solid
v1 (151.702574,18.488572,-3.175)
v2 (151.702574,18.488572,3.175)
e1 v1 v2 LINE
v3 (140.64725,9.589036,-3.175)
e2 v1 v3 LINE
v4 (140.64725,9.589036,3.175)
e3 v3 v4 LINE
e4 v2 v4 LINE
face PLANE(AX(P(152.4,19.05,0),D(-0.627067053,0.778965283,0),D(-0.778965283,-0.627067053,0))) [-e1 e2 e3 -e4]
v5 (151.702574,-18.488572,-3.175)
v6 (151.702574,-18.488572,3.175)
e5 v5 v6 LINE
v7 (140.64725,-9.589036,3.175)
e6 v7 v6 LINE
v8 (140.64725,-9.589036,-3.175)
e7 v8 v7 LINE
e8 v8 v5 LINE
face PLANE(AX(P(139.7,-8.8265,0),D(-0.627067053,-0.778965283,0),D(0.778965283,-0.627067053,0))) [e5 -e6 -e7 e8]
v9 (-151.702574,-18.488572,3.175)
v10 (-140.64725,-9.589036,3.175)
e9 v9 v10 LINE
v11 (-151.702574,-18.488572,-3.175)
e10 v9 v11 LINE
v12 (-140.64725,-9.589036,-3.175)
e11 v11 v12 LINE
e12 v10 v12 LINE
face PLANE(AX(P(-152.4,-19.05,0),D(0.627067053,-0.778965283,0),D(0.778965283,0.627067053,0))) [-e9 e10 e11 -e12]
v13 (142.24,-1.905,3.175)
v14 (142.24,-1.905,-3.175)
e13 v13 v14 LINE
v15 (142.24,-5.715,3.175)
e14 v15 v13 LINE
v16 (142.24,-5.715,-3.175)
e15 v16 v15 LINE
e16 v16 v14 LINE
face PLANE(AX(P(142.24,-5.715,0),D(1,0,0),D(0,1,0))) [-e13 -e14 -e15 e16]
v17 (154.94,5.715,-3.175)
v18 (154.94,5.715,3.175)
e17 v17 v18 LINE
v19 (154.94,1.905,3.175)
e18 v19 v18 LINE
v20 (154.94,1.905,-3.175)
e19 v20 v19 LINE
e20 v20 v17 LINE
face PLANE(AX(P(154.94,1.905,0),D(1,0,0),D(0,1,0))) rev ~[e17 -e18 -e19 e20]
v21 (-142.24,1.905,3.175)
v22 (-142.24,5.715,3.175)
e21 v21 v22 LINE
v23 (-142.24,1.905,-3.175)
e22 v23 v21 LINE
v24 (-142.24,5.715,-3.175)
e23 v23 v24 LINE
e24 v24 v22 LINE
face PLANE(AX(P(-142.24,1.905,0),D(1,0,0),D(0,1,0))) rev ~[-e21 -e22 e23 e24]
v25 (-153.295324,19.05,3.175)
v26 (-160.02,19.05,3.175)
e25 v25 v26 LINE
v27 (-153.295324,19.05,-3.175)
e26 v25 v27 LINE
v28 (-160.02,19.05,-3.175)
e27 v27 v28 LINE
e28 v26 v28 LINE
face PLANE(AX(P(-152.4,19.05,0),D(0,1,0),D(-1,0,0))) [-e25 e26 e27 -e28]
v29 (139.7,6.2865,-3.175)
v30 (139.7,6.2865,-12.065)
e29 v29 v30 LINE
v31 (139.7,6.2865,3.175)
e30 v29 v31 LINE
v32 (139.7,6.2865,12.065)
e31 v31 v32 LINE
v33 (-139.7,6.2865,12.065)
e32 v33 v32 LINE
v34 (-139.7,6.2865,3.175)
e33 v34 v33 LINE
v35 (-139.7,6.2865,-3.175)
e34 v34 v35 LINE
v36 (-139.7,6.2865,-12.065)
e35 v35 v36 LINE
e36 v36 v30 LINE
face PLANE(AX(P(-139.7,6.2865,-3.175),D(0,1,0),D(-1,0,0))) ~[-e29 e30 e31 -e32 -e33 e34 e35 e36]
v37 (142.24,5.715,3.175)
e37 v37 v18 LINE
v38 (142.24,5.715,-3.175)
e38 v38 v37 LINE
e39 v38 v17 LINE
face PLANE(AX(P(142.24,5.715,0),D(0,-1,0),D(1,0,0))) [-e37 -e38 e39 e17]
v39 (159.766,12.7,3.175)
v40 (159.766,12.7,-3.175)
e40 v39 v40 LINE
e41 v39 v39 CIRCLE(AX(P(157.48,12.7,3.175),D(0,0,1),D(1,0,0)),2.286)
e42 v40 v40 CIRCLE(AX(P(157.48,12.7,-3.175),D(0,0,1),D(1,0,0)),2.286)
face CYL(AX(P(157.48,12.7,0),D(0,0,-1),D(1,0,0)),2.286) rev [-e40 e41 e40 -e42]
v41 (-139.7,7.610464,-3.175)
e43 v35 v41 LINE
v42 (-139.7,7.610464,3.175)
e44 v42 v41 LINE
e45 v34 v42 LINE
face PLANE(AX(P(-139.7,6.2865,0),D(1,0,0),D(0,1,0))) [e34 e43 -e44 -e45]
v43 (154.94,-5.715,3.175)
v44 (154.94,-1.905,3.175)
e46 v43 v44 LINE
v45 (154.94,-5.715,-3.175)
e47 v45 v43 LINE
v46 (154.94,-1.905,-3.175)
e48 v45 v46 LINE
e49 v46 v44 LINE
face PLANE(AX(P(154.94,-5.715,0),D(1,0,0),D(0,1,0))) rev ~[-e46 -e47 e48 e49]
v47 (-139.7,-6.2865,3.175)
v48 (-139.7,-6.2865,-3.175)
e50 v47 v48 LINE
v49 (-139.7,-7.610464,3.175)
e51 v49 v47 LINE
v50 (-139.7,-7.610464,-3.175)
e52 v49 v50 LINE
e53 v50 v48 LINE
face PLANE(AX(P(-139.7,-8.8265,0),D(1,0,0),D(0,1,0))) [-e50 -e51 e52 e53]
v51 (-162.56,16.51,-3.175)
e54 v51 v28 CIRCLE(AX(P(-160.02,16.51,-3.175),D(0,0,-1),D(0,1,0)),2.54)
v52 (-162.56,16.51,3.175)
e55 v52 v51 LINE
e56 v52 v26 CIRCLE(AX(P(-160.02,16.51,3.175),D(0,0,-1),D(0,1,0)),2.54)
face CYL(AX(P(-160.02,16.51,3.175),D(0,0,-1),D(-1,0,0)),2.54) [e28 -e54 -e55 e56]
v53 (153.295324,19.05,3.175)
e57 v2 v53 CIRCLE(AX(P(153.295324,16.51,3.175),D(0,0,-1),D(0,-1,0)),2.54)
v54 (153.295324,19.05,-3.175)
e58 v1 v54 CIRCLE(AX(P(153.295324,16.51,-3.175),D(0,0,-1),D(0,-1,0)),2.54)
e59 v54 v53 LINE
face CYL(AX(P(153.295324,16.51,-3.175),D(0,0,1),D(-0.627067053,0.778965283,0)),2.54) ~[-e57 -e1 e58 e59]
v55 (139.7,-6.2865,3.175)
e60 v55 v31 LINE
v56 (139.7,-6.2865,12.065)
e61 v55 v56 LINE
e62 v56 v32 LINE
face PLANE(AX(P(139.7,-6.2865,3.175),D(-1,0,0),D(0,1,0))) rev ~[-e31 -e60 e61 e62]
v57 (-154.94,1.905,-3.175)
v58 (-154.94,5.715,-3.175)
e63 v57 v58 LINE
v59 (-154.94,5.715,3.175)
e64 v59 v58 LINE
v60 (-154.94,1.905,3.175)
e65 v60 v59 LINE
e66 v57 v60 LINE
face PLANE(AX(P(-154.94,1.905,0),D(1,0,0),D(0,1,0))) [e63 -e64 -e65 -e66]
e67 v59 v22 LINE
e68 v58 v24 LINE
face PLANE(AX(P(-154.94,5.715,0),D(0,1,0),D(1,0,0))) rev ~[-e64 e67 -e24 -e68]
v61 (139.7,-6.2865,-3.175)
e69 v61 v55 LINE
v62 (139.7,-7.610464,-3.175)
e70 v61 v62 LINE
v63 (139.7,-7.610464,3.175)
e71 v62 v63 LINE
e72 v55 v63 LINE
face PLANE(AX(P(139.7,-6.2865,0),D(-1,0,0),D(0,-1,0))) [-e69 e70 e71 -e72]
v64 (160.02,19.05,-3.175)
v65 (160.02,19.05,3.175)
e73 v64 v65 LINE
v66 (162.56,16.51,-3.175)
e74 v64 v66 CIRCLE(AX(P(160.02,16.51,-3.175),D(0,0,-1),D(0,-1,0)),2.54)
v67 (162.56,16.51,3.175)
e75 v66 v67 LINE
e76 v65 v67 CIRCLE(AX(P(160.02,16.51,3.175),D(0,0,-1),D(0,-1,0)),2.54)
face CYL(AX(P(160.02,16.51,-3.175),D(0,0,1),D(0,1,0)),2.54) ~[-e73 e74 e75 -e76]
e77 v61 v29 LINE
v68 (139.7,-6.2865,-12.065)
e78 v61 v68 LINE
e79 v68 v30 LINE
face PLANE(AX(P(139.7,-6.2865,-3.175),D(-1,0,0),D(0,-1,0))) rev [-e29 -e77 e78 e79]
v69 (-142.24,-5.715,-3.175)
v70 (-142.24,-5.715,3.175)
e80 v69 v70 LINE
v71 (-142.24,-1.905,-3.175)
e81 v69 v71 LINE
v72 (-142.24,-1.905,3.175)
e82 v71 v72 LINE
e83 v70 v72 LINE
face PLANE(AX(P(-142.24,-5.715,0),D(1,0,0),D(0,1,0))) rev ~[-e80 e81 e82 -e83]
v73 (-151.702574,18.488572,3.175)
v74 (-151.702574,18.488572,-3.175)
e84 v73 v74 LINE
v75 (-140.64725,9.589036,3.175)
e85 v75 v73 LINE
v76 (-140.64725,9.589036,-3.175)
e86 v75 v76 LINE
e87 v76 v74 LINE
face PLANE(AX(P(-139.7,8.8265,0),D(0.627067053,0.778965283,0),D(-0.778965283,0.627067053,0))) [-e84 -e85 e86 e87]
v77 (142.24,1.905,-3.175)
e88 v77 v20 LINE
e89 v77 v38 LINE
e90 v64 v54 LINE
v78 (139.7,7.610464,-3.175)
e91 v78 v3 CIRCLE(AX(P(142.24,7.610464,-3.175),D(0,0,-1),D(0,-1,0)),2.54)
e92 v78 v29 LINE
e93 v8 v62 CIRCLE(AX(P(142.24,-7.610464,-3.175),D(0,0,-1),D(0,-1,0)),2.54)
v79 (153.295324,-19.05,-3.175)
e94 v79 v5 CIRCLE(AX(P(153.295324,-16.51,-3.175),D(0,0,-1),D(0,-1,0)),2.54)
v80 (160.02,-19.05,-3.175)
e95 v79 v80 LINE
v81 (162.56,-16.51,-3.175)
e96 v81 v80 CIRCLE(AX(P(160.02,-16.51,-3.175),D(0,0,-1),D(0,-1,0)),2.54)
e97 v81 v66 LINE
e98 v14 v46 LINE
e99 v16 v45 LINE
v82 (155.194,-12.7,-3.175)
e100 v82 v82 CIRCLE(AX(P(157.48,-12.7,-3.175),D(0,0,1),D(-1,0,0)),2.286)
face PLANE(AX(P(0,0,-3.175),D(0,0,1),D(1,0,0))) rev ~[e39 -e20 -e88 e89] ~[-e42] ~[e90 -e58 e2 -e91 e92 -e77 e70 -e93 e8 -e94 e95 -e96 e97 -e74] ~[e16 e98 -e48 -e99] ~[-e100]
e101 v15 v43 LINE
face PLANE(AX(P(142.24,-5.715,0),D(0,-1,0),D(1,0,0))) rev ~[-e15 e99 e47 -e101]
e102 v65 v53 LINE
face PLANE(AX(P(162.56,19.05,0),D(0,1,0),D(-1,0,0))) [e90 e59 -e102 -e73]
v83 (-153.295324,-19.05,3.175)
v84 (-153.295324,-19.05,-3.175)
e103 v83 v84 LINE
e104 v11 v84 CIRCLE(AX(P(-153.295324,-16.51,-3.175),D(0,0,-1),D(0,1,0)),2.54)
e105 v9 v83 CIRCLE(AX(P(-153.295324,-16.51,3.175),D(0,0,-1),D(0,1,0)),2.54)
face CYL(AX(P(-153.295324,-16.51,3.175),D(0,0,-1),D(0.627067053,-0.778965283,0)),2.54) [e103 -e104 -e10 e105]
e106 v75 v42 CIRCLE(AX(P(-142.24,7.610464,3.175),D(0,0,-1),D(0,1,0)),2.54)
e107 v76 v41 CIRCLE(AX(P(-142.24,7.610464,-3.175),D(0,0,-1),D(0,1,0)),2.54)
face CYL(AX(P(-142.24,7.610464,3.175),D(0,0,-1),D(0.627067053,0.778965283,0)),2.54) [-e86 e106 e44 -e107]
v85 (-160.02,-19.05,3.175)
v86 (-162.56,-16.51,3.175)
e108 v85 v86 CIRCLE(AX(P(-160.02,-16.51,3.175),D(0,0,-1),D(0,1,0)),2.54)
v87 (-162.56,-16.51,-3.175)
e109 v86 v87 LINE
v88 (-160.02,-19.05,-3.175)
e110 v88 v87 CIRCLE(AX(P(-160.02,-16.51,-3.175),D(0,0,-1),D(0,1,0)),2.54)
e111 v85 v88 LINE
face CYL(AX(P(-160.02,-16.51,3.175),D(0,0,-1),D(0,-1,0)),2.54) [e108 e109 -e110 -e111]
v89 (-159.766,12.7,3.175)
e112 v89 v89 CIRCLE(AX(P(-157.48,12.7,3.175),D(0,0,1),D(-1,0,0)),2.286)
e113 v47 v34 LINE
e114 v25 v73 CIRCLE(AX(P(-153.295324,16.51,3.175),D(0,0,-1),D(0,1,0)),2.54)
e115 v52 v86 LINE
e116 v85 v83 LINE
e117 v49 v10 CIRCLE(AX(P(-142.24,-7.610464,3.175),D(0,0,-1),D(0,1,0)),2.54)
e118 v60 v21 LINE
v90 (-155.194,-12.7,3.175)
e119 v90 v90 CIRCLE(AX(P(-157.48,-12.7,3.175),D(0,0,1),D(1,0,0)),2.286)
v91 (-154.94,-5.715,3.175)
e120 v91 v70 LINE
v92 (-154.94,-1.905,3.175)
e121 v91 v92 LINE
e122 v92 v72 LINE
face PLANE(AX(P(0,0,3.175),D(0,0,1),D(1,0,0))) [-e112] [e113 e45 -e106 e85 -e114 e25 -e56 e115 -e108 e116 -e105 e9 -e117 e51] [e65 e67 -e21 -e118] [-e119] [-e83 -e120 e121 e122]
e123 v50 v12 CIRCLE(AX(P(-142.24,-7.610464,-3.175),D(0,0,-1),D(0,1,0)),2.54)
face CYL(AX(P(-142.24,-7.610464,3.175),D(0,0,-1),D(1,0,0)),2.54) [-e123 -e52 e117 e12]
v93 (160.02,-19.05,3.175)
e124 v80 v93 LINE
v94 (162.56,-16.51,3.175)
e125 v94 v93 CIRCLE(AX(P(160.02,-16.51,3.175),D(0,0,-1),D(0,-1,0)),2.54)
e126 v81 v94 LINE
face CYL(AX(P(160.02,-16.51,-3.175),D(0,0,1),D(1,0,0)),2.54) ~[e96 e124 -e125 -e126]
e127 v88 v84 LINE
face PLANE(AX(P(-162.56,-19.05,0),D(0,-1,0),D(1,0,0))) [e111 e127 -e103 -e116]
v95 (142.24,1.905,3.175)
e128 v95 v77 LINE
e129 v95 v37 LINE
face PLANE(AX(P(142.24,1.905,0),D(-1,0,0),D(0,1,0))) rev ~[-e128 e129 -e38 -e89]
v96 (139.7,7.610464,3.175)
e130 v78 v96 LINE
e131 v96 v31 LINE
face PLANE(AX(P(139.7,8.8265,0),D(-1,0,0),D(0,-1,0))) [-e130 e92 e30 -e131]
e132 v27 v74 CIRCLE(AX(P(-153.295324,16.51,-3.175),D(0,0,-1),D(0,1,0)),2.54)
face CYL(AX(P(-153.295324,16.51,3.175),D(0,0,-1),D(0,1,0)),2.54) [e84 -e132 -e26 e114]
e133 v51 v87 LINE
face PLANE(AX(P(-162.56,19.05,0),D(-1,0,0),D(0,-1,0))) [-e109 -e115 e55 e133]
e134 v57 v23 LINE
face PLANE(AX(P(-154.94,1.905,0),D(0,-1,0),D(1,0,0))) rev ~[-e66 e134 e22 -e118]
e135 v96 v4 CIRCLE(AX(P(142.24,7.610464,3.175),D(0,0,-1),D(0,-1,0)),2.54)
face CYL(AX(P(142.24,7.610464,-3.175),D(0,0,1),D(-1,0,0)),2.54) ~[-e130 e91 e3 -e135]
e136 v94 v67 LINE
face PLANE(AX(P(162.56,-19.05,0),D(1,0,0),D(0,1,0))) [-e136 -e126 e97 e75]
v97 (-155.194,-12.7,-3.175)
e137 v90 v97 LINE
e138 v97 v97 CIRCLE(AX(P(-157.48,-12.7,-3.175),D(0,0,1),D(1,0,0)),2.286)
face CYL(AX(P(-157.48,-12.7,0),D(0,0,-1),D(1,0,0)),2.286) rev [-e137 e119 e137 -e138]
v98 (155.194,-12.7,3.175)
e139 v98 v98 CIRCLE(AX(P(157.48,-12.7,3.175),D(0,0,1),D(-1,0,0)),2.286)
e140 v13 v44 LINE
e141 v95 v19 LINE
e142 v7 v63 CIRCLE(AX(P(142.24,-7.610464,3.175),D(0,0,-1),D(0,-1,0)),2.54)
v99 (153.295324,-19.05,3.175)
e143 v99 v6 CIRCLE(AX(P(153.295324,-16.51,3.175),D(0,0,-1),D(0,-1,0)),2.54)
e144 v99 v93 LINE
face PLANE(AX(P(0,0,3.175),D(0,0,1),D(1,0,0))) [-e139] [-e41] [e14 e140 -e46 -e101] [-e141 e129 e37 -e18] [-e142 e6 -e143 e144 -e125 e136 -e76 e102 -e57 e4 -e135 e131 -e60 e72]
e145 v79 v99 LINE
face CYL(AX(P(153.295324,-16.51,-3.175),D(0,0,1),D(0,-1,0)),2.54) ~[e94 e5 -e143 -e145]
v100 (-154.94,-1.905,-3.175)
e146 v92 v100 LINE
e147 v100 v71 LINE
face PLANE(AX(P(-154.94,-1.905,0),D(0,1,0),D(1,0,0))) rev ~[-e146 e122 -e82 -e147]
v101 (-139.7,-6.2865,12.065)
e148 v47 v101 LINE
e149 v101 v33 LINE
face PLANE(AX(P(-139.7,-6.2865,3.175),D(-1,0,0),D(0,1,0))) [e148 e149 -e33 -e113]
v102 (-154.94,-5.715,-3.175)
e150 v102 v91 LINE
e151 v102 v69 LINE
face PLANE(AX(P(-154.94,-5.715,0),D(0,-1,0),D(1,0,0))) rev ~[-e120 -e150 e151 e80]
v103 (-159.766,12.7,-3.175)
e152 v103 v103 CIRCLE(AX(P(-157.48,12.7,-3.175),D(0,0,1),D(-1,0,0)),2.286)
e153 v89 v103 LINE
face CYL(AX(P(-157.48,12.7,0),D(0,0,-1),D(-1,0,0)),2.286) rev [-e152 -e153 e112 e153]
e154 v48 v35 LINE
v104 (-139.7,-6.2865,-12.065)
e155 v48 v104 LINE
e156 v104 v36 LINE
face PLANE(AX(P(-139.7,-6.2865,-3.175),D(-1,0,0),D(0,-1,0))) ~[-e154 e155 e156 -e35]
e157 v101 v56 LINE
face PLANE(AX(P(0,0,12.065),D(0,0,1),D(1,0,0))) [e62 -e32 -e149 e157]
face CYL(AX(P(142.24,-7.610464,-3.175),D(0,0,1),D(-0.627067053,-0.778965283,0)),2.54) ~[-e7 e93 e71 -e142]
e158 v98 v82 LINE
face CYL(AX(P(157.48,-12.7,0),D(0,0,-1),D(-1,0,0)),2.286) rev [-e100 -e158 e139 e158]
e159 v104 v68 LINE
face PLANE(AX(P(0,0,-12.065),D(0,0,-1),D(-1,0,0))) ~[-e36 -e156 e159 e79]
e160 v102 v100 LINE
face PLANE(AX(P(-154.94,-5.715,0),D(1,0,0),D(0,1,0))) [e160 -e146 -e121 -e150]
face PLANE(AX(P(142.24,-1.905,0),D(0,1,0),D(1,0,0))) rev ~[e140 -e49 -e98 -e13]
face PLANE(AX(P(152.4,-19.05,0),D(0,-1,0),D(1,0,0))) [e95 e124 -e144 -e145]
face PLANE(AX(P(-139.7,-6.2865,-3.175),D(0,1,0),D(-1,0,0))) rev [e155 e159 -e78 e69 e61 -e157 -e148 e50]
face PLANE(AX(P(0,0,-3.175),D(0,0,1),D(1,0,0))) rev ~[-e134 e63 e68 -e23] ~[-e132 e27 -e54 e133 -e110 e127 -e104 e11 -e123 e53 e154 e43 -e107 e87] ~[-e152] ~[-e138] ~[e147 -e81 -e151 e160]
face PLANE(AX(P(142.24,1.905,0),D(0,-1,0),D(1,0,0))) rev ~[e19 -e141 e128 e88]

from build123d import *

# Parameters (mm, degrees)
SKETCH1_R           = 2.286
SKETCH1_W           = 12.7
SKETCH1_H           = 3.81
BOSS_EXTRUDE1_DEPTH = 3.175
FILLET1_R           = 2.54
SKETCH3_W           = 279.4
SKETCH3_H           = 12.573
BOSS_EXTRUDE3_DEPTH = 8.89


with BuildPart() as part:
    # Sketch1 → Boss-Extrude1 (new, symmetric)
    with BuildSketch(Plane.XY):
        Polygon((-139.7, -6.2865), (139.7, -6.2865), (139.7, -8.8265), (152.4, -19.05), (162.56, -19.05), (162.56, 19.05), (152.4, 19.05), (139.7, 8.8265), (139.7, 6.2865), (-139.7, 6.2865), (-139.7, 8.8265), (-152.4, 19.05), (-162.56, 19.05), (-162.56, -19.05), (-152.4, -19.05), (-139.7, -8.8265), align=None)
        with Locations((-157.48, -12.7)):
            Circle(SKETCH1_R, mode=Mode.SUBTRACT)
        with Locations(Location((-157.48, 12.7, 0), (0, 0, 180))):
            Circle(SKETCH1_R, mode=Mode.SUBTRACT)
        with Locations((157.48, 12.7)):
            Circle(SKETCH1_R, mode=Mode.SUBTRACT)
        with Locations(Location((157.48, -12.7, 0), (0, 0, 180))):
            Circle(SKETCH1_R, mode=Mode.SUBTRACT)
        with Locations((-148.59, 3.81)):
            Rectangle(SKETCH1_W, SKETCH1_H, mode=Mode.SUBTRACT)
        with Locations((-148.59, -3.81)):
            Rectangle(SKETCH1_W, SKETCH1_H, mode=Mode.SUBTRACT)
        with Locations((148.59, -3.81)):
            Rectangle(SKETCH1_W, SKETCH1_H, mode=Mode.SUBTRACT)
        with Locations((148.59, 3.81)):
            Rectangle(SKETCH1_W, SKETCH1_H, mode=Mode.SUBTRACT)
    extrude(amount=BOSS_EXTRUDE1_DEPTH, both=True)

    # Fillet1
    fillet1_edges = [part.edges().sort_by_distance(p)[0] for p in [
        (-139.7, -8.8265, 0),
        (-152.4, -19.05, 0),
        (-162.56, -19.05, 0),
        (-162.56, 19.05, 0),
        (-152.4, 19.05, 0),
        (-139.7, 8.8265, 0),
        (139.7, 8.8265, 0),
        (152.4, 19.05, 0),
        (162.56, 19.05, 0),
        (162.56, -19.05, 0),
        (152.4, -19.05, 0),
        (139.7, -8.8265, 0),
    ]]
    fillet(fillet1_edges, radius=FILLET1_R)

    # Sketch3 → Boss-Extrude3 (add)
    with BuildSketch(Plane.XY.offset(3.175)):
        Rectangle(SKETCH3_W, SKETCH3_H)
    boss_extrude3 = extrude(amount=BOSS_EXTRUDE3_DEPTH)

    # Mirror1: Boss-Extrude3 across plane
    add(boss_extrude3.mirror(Plane.XY))


solid = part.part
